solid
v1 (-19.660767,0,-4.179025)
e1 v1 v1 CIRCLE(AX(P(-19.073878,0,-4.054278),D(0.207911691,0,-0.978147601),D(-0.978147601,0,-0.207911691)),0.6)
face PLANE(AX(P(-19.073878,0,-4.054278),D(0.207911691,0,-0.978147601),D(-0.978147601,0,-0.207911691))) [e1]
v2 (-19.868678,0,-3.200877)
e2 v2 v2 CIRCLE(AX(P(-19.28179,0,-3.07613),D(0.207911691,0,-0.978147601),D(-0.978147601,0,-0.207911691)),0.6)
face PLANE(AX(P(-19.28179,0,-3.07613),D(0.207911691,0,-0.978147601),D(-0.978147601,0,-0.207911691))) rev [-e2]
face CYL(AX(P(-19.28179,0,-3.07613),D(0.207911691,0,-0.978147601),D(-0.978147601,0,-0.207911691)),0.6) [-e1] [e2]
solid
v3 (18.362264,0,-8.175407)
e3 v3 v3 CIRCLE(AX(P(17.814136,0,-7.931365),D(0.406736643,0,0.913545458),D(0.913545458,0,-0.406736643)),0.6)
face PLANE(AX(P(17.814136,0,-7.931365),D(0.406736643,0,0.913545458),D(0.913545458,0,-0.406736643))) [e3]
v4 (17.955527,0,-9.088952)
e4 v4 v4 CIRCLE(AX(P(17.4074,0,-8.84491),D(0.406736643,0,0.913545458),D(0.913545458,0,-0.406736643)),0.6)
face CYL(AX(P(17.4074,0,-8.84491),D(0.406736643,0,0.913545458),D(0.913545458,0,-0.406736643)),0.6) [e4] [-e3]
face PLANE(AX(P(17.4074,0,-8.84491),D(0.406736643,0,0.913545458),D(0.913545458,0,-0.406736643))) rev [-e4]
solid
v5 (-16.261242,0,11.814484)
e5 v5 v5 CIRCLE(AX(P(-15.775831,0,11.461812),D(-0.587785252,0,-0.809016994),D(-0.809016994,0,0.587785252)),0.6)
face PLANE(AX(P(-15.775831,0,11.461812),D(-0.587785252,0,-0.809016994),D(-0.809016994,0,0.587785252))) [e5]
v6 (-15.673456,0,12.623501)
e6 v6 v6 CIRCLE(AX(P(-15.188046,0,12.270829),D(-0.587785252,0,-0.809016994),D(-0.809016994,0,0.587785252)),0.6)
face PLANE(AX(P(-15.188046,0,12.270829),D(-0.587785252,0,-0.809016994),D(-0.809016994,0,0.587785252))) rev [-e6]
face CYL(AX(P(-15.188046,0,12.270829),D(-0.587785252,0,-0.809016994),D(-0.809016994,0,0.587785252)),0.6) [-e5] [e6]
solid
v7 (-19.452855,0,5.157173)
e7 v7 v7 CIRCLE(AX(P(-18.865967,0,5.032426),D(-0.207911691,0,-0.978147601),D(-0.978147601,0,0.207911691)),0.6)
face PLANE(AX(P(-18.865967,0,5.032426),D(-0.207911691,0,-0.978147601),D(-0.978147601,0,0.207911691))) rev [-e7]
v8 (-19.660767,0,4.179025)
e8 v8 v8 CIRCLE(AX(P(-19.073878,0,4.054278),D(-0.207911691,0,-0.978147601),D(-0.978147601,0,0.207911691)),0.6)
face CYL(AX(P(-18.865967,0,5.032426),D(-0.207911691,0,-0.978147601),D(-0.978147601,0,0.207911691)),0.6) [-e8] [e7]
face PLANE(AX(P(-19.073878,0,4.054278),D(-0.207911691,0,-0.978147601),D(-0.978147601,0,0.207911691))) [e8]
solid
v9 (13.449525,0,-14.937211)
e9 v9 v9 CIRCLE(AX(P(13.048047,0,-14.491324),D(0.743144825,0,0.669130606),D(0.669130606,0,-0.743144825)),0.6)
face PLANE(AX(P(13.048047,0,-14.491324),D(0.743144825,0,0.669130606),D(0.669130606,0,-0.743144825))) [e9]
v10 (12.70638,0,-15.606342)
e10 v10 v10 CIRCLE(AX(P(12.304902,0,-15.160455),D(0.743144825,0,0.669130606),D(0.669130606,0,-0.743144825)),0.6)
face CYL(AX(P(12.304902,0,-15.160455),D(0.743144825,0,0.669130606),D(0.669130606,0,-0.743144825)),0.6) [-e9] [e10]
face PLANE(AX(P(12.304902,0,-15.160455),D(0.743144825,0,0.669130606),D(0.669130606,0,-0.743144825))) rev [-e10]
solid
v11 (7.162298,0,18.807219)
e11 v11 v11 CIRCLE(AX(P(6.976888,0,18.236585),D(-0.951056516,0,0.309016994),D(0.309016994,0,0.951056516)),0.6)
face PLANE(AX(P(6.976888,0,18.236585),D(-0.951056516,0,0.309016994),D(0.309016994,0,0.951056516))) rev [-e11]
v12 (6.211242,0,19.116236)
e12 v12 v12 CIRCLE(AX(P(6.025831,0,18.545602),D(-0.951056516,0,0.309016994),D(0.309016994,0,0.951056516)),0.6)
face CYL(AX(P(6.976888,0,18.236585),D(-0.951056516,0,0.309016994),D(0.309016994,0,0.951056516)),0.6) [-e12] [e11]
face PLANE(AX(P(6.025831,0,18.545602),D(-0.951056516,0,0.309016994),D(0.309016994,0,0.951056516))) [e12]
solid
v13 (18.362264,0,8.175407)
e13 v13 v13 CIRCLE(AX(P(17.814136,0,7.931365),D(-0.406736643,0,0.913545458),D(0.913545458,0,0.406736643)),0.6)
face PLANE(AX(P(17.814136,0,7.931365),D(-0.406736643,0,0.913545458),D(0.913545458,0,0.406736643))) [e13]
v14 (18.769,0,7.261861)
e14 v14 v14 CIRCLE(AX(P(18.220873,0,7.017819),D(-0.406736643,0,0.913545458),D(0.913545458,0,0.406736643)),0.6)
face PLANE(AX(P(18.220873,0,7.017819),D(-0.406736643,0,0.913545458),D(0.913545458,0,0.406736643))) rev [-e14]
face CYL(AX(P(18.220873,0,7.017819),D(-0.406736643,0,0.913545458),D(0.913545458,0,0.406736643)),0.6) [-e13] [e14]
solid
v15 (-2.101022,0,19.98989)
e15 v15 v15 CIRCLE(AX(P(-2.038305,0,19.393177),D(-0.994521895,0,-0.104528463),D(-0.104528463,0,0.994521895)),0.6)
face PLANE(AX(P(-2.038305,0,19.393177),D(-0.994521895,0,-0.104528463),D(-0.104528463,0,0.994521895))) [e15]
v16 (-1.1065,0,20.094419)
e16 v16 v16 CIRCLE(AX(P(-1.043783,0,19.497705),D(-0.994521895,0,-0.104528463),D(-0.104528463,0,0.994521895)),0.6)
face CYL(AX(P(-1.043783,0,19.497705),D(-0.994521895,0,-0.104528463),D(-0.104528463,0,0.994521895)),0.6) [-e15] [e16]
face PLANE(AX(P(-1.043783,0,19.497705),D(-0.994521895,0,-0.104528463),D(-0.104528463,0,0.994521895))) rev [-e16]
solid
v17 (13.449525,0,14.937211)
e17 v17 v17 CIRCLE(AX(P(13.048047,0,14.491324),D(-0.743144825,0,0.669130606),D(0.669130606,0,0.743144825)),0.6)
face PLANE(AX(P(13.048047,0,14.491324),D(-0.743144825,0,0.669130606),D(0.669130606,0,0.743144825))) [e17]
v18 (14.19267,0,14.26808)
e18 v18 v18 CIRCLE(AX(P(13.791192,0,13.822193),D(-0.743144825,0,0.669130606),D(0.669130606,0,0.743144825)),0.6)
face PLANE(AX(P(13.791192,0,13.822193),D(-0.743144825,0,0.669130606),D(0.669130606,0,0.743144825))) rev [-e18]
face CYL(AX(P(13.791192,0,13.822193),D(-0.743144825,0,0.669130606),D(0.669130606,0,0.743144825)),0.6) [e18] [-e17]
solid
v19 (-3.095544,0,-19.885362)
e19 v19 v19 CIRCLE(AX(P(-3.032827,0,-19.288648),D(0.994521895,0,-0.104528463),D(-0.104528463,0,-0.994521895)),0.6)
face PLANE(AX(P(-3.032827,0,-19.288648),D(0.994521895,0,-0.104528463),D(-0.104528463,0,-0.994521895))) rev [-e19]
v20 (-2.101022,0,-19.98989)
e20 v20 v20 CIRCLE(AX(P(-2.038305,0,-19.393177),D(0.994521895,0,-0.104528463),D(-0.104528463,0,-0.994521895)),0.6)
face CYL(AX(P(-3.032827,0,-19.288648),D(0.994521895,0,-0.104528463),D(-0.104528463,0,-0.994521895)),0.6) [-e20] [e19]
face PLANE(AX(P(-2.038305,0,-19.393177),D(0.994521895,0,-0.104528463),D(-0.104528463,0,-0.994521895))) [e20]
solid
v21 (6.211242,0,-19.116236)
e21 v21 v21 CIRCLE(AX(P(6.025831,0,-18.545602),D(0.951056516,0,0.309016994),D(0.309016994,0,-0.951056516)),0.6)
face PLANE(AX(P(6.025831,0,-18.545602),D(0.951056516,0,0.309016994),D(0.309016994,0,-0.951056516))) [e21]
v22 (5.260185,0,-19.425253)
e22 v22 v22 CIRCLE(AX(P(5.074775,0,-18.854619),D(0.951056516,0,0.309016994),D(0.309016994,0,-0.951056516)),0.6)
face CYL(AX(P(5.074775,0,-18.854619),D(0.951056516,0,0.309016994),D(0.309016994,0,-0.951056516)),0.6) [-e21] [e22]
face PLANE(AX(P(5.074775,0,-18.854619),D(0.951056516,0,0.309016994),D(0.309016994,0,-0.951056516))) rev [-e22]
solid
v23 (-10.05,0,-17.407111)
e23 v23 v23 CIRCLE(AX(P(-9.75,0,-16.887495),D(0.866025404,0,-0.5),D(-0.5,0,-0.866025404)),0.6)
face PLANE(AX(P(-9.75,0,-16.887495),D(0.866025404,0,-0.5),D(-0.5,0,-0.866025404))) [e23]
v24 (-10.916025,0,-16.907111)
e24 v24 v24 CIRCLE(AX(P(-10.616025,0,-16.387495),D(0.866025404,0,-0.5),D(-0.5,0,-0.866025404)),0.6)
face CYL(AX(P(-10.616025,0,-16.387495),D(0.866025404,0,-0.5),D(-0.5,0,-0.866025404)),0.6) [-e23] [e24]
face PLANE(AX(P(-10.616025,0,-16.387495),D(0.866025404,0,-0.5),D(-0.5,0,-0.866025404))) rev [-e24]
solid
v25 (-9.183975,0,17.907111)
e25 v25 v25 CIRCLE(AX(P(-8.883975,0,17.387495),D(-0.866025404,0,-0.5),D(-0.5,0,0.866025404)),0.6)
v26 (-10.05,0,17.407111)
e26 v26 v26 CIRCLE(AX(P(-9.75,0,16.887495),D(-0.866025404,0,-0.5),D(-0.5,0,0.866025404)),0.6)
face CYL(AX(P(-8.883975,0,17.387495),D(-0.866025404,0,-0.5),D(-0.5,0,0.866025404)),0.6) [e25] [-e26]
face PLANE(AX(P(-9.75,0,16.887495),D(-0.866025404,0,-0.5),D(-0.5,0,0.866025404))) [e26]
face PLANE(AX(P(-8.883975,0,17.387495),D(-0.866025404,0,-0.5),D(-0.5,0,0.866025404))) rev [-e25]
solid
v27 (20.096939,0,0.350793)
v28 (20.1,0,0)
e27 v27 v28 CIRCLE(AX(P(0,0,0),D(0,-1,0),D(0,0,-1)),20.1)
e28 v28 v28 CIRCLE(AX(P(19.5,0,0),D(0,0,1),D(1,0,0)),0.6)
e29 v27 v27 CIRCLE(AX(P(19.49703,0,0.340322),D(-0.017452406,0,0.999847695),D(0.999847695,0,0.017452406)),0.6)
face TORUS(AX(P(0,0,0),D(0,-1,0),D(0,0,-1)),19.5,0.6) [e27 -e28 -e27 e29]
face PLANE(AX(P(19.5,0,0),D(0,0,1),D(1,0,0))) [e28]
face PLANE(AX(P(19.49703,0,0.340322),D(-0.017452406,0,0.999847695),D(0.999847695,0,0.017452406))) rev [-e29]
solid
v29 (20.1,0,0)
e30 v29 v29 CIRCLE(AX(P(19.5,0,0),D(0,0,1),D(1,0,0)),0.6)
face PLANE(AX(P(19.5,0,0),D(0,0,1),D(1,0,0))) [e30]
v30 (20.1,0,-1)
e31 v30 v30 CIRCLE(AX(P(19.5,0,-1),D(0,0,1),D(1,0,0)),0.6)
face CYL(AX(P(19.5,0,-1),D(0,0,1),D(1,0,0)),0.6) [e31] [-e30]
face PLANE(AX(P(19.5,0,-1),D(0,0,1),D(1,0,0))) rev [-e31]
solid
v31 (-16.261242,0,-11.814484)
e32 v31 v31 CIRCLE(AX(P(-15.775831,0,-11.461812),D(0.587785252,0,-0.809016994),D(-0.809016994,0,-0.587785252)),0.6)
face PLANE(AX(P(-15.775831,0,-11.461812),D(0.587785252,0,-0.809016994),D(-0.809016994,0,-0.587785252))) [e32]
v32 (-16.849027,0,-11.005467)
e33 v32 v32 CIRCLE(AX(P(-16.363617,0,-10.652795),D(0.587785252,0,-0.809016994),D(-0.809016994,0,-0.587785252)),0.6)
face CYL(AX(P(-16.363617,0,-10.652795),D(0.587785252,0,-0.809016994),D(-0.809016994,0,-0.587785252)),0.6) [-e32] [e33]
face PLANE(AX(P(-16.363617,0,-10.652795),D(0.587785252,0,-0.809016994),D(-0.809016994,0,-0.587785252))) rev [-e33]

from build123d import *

# Parameters (mm, degrees)
ESBO_O1_R                = 0.6
REVOLU_O1_ANGLE          = 359
ESBO_O2_R                = 0.6
RESSALTO_EXTRUS_O1_DEPTH = 1
PADR_OCIRCULAR4_COUNT    = 15


with BuildPart() as part:
    # Esboço1 → Revolução1 (revolve)
    with BuildSketch(Plane.XY):
        with Locations((19.5, 0)):
            Circle(ESBO_O1_R)
    revolve(axis=Axis((0, 0, 0), (0, 1, 0)), revolution_arc=REVOLU_O1_ANGLE)


with BuildPart() as body_2:
    # Esboço2 → Ressalto-extrusão1 (new body)
    with BuildSketch(Plane.XY):
        with Locations((19.5, 0)):
            Circle(ESBO_O2_R)
    extrude(amount=-RESSALTO_EXTRUS_O1_DEPTH)


with BuildPart() as padr_ocircular4_1:
    # PadrãoCircular4: pattern copy
    add(body_2.part.rotate(Axis((0, 0, 0), (0, 1, 0)), 1 * 360 / PADR_OCIRCULAR4_COUNT))


with BuildPart() as padr_ocircular4_2:
    # PadrãoCircular4: pattern copy
    add(body_2.part.rotate(Axis((0, 0, 0), (0, 1, 0)), 2 * 360 / PADR_OCIRCULAR4_COUNT))


with BuildPart() as padr_ocircular4_3:
    # PadrãoCircular4: pattern copy
    add(body_2.part.rotate(Axis((0, 0, 0), (0, 1, 0)), 3 * 360 / PADR_OCIRCULAR4_COUNT))


with BuildPart() as padr_ocircular4_4:
    # PadrãoCircular4: pattern copy
    add(body_2.part.rotate(Axis((0, 0, 0), (0, 1, 0)), 4 * 360 / PADR_OCIRCULAR4_COUNT))


with BuildPart() as padr_ocircular4_5:
    # PadrãoCircular4: pattern copy
    add(body_2.part.rotate(Axis((0, 0, 0), (0, 1, 0)), 5 * 360 / PADR_OCIRCULAR4_COUNT))


with BuildPart() as padr_ocircular4_6:
    # PadrãoCircular4: pattern copy
    add(body_2.part.rotate(Axis((0, 0, 0), (0, 1, 0)), 6 * 360 / PADR_OCIRCULAR4_COUNT))


with BuildPart() as padr_ocircular4_7:
    # PadrãoCircular4: pattern copy
    add(body_2.part.rotate(Axis((0, 0, 0), (0, 1, 0)), 7 * 360 / PADR_OCIRCULAR4_COUNT))


with BuildPart() as padr_ocircular4_8:
    # PadrãoCircular4: pattern copy
    add(body_2.part.rotate(Axis((0, 0, 0), (0, 1, 0)), 8 * 360 / PADR_OCIRCULAR4_COUNT))


with BuildPart() as padr_ocircular4_9:
    # PadrãoCircular4: pattern copy
    add(body_2.part.rotate(Axis((0, 0, 0), (0, 1, 0)), 9 * 360 / PADR_OCIRCULAR4_COUNT))


with BuildPart() as padr_ocircular4_10:
    # PadrãoCircular4: pattern copy
    add(body_2.part.rotate(Axis((0, 0, 0), (0, 1, 0)), 10 * 360 / PADR_OCIRCULAR4_COUNT))


with BuildPart() as padr_ocircular4_11:
    # PadrãoCircular4: pattern copy
    add(body_2.part.rotate(Axis((0, 0, 0), (0, 1, 0)), 11 * 360 / PADR_OCIRCULAR4_COUNT))


with BuildPart() as padr_ocircular4_12:
    # PadrãoCircular4: pattern copy
    add(body_2.part.rotate(Axis((0, 0, 0), (0, 1, 0)), 12 * 360 / PADR_OCIRCULAR4_COUNT))


with BuildPart() as padr_ocircular4_13:
    # PadrãoCircular4: pattern copy
    add(body_2.part.rotate(Axis((0, 0, 0), (0, 1, 0)), 13 * 360 / PADR_OCIRCULAR4_COUNT))


with BuildPart() as padr_ocircular4_14:
    # PadrãoCircular4: pattern copy
    add(body_2.part.rotate(Axis((0, 0, 0), (0, 1, 0)), 14 * 360 / PADR_OCIRCULAR4_COUNT))


solid = Compound([part.part, body_2.part, padr_ocircular4_1.part, padr_ocircular4_2.part, padr_ocircular4_3.part, padr_ocircular4_4.part, padr_ocircular4_5.part, padr_ocircular4_6.part, padr_ocircular4_7.part, padr_ocircular4_8.part, padr_ocircular4_9.part, padr_ocircular4_10.part, padr_ocircular4_11.part, padr_ocircular4_12.part, padr_ocircular4_13.part, padr_ocircular4_14.part])
